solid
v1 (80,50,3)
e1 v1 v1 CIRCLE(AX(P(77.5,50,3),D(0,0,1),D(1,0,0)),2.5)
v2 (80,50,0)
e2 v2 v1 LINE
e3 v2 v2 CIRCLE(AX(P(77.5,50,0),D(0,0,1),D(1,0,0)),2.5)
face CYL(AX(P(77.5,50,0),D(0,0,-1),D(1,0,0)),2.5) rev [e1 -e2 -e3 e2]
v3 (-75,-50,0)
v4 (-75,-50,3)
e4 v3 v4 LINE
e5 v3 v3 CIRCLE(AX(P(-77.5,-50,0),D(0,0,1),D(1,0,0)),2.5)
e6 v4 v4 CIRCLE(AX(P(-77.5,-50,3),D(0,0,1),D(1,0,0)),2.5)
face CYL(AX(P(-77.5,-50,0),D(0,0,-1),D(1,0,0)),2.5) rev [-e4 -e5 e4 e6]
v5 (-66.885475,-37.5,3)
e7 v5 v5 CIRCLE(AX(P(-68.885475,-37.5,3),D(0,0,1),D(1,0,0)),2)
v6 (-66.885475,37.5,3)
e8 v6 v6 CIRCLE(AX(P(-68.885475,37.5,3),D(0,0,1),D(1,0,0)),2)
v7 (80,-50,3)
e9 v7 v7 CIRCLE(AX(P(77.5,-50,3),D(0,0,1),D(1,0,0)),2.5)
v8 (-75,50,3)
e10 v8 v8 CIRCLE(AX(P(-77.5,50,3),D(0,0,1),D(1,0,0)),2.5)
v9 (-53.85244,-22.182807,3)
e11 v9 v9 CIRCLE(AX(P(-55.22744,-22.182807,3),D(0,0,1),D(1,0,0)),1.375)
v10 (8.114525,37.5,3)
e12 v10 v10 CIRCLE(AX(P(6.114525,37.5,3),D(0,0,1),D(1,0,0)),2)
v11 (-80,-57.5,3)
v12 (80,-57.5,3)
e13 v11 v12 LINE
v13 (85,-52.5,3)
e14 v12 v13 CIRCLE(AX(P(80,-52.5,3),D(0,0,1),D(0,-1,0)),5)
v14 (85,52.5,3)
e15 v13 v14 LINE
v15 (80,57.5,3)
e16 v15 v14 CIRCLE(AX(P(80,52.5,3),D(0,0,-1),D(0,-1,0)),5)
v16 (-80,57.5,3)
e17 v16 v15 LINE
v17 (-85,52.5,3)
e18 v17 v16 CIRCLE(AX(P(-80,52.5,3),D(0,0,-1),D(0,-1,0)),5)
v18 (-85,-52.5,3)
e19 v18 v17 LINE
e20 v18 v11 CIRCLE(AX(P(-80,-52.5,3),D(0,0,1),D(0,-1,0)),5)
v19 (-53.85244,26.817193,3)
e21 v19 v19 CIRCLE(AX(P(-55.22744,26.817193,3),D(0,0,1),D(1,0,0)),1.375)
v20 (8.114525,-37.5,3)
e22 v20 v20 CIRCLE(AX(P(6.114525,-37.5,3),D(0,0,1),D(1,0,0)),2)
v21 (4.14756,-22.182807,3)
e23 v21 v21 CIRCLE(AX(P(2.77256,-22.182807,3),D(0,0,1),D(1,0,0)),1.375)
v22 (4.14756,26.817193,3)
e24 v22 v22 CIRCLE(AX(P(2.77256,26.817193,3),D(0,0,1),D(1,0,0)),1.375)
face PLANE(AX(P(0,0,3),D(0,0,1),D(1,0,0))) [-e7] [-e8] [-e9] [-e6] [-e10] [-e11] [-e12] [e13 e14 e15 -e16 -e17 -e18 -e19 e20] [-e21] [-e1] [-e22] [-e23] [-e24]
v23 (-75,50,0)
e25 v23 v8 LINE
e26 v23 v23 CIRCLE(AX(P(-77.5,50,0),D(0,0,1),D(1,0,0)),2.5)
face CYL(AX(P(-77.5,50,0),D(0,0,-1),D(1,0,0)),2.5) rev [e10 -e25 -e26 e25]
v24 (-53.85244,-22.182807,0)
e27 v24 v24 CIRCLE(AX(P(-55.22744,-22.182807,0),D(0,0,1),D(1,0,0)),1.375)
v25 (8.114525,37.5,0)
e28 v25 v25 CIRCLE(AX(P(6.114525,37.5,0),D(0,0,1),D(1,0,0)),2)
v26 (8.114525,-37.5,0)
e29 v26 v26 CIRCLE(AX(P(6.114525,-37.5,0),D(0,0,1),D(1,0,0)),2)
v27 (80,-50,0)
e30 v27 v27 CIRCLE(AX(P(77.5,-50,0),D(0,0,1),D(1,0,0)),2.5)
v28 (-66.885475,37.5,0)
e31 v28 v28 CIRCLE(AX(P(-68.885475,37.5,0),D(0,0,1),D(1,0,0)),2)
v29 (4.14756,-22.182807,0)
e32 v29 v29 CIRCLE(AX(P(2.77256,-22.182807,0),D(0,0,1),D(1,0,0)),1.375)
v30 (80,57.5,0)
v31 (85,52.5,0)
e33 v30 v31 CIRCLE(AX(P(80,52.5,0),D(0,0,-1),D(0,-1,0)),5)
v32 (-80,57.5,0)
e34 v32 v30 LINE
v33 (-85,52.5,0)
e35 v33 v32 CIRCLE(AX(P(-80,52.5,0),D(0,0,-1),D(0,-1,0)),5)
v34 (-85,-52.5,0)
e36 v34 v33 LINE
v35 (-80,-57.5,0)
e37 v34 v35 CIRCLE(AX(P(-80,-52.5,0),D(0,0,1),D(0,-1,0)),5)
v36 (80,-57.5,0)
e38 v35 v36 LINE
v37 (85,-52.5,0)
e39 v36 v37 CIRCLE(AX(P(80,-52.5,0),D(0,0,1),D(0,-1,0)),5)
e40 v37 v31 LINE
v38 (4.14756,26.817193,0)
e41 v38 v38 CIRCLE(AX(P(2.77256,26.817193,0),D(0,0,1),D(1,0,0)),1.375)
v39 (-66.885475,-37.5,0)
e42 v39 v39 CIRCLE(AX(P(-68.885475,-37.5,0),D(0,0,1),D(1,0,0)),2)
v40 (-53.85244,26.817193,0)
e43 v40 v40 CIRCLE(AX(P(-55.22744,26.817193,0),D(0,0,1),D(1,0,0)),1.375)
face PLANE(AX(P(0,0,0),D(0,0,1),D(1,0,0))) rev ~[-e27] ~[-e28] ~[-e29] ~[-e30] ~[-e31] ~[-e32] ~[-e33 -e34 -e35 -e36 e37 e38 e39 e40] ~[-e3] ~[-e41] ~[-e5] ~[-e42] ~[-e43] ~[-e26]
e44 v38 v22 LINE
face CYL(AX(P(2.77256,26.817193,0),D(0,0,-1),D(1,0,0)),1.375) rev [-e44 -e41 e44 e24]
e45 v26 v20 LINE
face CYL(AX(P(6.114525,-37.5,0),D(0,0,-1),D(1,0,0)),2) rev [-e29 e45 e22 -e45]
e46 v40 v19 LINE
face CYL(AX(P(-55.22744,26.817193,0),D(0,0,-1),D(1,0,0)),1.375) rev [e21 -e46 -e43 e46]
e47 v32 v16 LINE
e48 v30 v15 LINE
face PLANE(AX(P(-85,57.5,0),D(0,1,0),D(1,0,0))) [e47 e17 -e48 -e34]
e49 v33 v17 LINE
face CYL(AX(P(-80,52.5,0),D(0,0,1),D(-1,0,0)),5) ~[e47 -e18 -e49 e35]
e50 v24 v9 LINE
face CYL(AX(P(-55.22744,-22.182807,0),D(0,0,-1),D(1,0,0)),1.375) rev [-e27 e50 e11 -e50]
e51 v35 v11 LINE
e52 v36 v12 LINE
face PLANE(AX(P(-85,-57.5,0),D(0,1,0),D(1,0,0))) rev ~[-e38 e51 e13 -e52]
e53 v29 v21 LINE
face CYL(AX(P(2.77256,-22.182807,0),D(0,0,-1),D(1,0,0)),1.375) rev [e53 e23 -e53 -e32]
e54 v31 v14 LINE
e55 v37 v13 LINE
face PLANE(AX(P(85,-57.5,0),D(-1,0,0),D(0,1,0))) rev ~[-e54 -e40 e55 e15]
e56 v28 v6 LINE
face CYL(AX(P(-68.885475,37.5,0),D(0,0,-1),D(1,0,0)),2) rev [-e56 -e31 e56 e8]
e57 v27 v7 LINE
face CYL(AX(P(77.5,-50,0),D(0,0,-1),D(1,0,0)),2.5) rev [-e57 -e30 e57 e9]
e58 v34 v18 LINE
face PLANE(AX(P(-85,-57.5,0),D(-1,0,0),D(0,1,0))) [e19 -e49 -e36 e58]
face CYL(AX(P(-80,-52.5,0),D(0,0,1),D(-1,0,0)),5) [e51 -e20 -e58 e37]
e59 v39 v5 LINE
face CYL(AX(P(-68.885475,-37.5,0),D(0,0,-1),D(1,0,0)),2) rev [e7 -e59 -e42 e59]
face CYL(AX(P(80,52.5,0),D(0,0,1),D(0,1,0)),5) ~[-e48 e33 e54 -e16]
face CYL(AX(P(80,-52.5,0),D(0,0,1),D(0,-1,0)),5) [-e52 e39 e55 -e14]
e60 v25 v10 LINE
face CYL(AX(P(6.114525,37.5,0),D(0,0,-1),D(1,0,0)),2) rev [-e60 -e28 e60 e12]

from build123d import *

# Parameters (mm, degrees)
F0_W     = 170
F0_H     = 115
F0_R     = 2.5
F0_R_2   = 2
F0_R_3   = 1.375
F1_DEPTH = 3
F2_R     = 5


with BuildPart() as f1:
    # F0 (on Top) → F1 (new body)
    with BuildSketch(Plane.XY):
        Rectangle(F0_W, F0_H)
        with Locations((-77.5, -50)):
            Circle(F0_R, mode=Mode.SUBTRACT)
        with Locations((-68.885475, -37.5)):
            Circle(F0_R_2, mode=Mode.SUBTRACT)
        with Locations((-55.22744, -22.182807)):
            Circle(F0_R_3, mode=Mode.SUBTRACT)
        with Locations((6.114525, -37.5)):
            Circle(F0_R_2, mode=Mode.SUBTRACT)
        with Locations((77.5, -50)):
            Circle(F0_R, mode=Mode.SUBTRACT)
        with Locations((2.77256, -22.182807)):
            Circle(F0_R_3, mode=Mode.SUBTRACT)
        with Locations((-55.22744, 26.817193)):
            Circle(F0_R_3, mode=Mode.SUBTRACT)
        with Locations((-68.885475, 37.5)):
            Circle(F0_R_2, mode=Mode.SUBTRACT)
        with Locations((-77.5, 50)):
            Circle(F0_R, mode=Mode.SUBTRACT)
        with Locations((2.77256, 26.817193)):
            Circle(F0_R_3, mode=Mode.SUBTRACT)
        with Locations((6.114525, 37.5)):
            Circle(F0_R_2, mode=Mode.SUBTRACT)
        with Locations((77.5, 50)):
            Circle(F0_R, mode=Mode.SUBTRACT)
    extrude(amount=F1_DEPTH)

    # F2
    f2_edges = [f1.edges().sort_by_distance(p)[0] for p in [
        (-85, 57.5, 1.5),
        (85, -57.5, 1.5),
        (85, 57.5, 1.5),
        (-85, -57.5, 1.5),
    ]]
    fillet(f2_edges, radius=F2_R)


solid = f1.part
